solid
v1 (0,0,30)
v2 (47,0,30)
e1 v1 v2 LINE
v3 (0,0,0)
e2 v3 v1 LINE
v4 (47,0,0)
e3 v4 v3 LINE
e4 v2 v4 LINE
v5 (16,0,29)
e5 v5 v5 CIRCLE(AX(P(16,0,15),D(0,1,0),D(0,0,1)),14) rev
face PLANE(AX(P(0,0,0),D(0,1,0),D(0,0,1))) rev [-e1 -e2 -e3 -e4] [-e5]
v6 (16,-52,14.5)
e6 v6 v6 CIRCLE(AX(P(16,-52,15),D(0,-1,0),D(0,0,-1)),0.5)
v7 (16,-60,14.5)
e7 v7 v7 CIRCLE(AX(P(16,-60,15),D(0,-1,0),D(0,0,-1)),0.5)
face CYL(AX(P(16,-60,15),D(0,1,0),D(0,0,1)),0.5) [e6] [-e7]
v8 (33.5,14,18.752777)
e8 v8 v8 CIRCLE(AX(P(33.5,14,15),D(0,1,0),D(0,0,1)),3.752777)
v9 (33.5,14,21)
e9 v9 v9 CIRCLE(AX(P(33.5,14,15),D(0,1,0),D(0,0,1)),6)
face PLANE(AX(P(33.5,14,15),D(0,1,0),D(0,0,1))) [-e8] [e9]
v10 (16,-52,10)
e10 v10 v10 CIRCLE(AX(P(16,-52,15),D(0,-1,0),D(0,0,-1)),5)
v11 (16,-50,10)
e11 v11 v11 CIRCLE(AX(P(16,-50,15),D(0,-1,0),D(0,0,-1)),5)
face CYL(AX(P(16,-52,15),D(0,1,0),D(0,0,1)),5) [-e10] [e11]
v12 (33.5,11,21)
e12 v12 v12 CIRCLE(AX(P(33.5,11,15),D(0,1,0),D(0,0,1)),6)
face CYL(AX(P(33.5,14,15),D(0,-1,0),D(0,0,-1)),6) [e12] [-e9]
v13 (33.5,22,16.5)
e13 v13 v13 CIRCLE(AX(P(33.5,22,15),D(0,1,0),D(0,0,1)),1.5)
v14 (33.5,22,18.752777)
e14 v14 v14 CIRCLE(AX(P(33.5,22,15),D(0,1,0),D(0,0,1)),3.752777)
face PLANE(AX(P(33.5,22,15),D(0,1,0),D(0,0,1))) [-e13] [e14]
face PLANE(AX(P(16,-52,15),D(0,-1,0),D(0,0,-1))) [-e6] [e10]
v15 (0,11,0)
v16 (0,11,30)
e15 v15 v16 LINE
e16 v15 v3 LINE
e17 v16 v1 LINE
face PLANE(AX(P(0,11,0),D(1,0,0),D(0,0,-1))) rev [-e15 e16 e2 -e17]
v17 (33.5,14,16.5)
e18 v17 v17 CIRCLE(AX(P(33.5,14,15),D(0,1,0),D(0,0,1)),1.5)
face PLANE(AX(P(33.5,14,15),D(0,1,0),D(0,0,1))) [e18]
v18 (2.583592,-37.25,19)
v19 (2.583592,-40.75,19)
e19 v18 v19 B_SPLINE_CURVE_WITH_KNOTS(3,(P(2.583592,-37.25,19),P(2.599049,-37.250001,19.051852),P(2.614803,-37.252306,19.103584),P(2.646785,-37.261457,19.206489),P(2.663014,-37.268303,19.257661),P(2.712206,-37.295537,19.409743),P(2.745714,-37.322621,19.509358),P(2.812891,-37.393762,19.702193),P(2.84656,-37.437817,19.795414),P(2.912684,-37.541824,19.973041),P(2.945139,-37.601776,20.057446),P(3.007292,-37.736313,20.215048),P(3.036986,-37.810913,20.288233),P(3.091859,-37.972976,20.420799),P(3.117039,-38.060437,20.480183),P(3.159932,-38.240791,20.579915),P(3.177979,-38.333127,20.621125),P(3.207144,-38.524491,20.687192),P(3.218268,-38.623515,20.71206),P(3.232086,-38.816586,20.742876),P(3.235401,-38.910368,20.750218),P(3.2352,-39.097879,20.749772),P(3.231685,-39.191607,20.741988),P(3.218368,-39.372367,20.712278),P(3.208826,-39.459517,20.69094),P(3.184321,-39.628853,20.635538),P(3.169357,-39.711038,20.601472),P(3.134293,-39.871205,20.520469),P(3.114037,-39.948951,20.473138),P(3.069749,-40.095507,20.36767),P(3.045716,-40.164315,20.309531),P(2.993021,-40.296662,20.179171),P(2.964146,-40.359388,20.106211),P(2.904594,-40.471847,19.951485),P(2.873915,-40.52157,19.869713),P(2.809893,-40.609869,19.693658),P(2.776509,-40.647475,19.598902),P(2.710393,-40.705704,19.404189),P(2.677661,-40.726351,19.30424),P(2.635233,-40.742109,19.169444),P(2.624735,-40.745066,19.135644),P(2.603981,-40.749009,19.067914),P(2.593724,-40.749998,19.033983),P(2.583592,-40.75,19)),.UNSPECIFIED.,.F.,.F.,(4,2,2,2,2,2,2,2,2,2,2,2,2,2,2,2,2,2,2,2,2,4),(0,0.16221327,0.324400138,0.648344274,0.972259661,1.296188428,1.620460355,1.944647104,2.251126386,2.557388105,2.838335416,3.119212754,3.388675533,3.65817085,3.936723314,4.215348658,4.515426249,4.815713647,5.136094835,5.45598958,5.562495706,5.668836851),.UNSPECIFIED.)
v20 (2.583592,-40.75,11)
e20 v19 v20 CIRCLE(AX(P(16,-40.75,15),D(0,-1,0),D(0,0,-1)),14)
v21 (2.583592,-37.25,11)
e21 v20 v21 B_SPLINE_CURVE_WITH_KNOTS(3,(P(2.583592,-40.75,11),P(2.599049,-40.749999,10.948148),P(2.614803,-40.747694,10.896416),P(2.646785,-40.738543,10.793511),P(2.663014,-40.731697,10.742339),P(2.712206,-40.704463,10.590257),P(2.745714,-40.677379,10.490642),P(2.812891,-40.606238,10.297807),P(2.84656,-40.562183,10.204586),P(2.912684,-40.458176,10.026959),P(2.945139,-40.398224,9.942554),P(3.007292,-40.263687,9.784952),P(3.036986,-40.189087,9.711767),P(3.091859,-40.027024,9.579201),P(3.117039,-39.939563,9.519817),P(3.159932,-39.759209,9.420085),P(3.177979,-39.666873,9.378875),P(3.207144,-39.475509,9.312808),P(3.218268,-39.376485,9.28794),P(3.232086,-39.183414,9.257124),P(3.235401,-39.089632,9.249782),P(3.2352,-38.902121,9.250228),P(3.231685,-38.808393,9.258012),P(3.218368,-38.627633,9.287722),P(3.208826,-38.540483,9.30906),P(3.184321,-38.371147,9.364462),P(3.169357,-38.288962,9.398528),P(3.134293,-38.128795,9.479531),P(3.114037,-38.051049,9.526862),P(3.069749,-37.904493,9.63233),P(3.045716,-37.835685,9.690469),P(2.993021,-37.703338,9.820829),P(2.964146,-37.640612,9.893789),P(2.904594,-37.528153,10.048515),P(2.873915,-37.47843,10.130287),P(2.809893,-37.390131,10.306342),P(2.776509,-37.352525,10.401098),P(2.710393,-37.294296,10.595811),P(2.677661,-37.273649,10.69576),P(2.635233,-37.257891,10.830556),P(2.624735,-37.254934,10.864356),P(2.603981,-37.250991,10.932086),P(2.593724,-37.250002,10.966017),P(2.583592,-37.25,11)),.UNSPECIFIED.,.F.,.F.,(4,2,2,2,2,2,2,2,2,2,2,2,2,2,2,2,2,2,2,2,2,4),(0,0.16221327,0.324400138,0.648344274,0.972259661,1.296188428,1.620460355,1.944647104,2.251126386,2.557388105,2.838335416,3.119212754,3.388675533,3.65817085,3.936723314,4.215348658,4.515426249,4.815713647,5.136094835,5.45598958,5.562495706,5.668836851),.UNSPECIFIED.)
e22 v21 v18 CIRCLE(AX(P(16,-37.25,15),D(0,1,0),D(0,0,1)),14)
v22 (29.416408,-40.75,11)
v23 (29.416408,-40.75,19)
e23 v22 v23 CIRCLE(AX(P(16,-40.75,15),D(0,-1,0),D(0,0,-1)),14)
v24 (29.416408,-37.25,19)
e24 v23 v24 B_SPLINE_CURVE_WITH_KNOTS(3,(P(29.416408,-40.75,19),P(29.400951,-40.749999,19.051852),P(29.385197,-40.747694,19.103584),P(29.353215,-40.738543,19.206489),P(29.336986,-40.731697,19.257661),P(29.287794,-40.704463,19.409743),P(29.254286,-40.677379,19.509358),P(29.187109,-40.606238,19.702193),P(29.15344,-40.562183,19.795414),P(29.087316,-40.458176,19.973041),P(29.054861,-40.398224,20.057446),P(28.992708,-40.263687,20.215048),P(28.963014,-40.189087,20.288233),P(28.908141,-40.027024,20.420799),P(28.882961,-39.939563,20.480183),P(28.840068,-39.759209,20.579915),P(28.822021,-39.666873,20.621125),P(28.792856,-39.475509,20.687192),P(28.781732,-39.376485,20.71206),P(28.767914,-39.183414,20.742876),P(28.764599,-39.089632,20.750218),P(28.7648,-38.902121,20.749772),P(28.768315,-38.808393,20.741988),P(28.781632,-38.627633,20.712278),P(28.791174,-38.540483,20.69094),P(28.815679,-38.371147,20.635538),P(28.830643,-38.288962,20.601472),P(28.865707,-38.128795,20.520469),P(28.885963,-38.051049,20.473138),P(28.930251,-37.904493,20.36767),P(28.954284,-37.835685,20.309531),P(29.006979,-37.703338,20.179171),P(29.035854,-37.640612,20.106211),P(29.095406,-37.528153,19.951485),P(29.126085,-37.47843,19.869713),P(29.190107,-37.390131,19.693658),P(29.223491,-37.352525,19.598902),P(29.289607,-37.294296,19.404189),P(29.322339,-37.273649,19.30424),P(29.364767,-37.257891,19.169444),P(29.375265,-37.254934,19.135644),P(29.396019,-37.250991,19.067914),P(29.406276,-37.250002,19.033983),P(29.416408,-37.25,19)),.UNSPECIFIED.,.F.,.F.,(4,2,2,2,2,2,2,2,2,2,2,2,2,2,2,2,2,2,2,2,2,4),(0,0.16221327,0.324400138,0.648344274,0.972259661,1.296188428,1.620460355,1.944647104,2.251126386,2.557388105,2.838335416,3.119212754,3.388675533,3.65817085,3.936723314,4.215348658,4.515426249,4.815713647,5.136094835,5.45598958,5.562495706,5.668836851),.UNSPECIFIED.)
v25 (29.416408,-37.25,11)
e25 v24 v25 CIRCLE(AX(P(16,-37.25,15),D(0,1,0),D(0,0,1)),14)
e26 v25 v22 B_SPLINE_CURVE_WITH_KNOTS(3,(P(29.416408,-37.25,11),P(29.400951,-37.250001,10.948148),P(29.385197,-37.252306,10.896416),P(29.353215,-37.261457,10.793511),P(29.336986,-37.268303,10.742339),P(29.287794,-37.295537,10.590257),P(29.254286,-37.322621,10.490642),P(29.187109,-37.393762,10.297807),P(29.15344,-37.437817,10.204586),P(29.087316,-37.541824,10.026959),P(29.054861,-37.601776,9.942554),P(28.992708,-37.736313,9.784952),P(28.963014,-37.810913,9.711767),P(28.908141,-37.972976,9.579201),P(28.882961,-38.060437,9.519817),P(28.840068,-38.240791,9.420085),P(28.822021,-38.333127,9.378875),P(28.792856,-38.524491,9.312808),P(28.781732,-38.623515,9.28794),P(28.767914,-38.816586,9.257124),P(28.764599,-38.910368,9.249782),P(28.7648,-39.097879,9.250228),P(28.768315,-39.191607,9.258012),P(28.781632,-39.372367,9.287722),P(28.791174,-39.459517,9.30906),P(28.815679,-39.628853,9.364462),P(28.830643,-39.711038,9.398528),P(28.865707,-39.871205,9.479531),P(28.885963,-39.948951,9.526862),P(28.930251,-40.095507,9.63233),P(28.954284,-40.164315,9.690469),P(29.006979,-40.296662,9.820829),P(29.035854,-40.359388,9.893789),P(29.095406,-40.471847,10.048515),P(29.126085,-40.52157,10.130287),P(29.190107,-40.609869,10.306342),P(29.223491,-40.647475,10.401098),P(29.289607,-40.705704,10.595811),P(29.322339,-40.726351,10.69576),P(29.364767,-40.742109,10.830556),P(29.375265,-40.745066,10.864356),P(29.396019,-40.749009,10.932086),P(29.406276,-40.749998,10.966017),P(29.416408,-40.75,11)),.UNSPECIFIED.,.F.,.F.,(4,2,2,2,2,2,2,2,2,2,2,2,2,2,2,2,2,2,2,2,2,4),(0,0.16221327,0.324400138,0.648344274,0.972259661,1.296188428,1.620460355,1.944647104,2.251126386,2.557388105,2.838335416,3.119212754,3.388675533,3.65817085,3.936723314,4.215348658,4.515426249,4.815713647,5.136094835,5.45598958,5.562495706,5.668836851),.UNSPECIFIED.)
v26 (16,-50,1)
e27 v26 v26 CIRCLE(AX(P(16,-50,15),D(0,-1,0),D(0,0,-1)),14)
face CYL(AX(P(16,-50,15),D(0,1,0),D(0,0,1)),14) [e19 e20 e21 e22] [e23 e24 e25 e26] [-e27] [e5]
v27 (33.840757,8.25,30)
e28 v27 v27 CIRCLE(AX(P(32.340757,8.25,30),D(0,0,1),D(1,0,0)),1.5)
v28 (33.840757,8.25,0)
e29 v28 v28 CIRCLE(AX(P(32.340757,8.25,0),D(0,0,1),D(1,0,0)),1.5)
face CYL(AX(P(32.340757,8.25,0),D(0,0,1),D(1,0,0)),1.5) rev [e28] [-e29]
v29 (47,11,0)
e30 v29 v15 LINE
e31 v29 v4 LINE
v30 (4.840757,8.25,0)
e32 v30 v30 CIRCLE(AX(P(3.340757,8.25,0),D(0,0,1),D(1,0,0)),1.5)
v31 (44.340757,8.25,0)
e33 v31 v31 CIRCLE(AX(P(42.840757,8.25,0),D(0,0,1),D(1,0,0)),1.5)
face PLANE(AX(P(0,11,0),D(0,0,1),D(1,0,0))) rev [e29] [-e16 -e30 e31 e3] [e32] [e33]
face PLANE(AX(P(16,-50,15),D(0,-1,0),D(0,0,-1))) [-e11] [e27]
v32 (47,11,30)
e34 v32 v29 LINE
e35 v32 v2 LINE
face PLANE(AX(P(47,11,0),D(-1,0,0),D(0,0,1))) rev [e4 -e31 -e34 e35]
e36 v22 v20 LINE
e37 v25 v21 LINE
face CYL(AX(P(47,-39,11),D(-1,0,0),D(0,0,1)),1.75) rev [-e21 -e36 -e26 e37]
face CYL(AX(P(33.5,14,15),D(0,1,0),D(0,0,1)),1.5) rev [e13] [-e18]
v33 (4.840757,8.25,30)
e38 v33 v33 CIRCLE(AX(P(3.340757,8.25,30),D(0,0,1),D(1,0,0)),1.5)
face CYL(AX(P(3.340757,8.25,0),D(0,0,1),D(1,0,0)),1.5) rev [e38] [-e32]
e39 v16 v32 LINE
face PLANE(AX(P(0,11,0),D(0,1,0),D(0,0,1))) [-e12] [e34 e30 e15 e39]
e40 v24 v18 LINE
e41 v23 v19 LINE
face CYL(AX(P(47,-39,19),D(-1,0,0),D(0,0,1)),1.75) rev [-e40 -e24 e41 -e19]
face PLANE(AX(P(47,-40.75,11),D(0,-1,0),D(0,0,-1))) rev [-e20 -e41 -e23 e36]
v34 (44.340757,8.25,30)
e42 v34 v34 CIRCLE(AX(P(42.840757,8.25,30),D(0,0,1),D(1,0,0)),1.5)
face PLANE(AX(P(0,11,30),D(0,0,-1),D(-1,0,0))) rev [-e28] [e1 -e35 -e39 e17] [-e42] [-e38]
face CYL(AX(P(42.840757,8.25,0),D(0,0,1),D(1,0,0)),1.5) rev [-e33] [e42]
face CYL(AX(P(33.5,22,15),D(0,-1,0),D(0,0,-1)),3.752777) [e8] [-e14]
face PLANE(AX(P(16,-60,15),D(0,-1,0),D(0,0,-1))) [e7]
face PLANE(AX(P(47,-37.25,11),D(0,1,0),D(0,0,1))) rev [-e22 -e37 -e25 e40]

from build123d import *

# Parameters (mm, degrees)
SKETCH_1_W          = 47
SKETCH_1_H          = 30
EXTRUDE_1_DEPTH     = 11
SKETCH_2_R          = 6
EXTRUDE_2_DEPTH     = 3
SKETCH_3_R          = 3.75277675
EXTRUDE_3_DEPTH     = 8
SKETCH_4_R          = 14
EXTRUDE_4_DEPTH     = 50
SKETCH_5_R          = 5
EXTRUDE_5_DEPTH     = 2
SKETCH_6_R          = 1.5
CUT_EXTRUDE_1_DEPTH = 31
CUT_EXTRUDE_2_DEPTH = 48
SKETCH_9_R          = 1.5
CUT_EXTRUDE_3_DEPTH = 8
SKETCH_11_R         = 0.5
EXTRUDE_6_DEPTH     = 8


with BuildPart() as part:
    # 草图1 → 凸台-拉伸1 (new body)
    with BuildSketch(Plane(origin=(0, 0, 0), x_dir=(1, 0, 0), z_dir=(0, 1, 0))):
        with Locations((23.5, -15)):
            Rectangle(SKETCH_1_W, SKETCH_1_H)
    extrude(amount=EXTRUDE_1_DEPTH)

    # 草图2 → 凸台-拉伸2 (add)
    with BuildSketch(Plane(origin=(0, 11, 0), x_dir=(1, 0, 0), z_dir=(0, 1, 0))):
        with Locations((33.5, -15)):
            Circle(SKETCH_2_R)
    extrude(amount=EXTRUDE_2_DEPTH)

    # 草图3 → 凸台-拉伸3 (add)
    with BuildSketch(Plane(origin=(0, 14, 0), x_dir=(1, 0, 0), z_dir=(0, 1, 0))):
        with Locations((33.5, -15)):
            Circle(SKETCH_3_R)
    extrude(amount=EXTRUDE_3_DEPTH)

    # 草图4 → 凸台-拉伸4 (add)
    with BuildSketch(Plane.XZ):
        with Locations((16, 15)):
            Circle(SKETCH_4_R)
    extrude(amount=EXTRUDE_4_DEPTH)

    # 草图5 → 凸台-拉伸5 (add)
    with BuildSketch(Plane.XZ.offset(50)):
        with Locations((16, 15)):
            Circle(SKETCH_5_R)
    extrude(amount=EXTRUDE_5_DEPTH)

    # 草图6 → 切除-拉伸1 (cut, through all)
    with BuildSketch(Plane.XY.offset(30)):
        with Locations((3.340757383, 8.25)):
            Circle(SKETCH_6_R)
        with Locations((32.340757383, 8.25)):
            Circle(SKETCH_6_R)
        with Locations((42.840757383, 8.25)):
            Circle(SKETCH_6_R)
    extrude(amount=-CUT_EXTRUDE_1_DEPTH, mode=Mode.SUBTRACT)

    # 草图7 → 切除-拉伸2 (cut, through all)
    with BuildSketch(Plane.ZY):
        with BuildLine():
            Line((11, -37.25), (19, -37.25))
            ThreePointArc((19, -37.25), (20.75, -39), (19, -40.75))
            Line((19, -40.75), (11, -40.75))
            ThreePointArc((11, -40.75), (9.25, -39), (11, -37.25))
        make_face()
    extrude(amount=-CUT_EXTRUDE_2_DEPTH, mode=Mode.SUBTRACT)

    # 草图9 → 切除-拉伸3 (cut)
    with BuildSketch(Plane(origin=(0, 22, 0), x_dir=(1, 0, 0), z_dir=(0, 1, 0))):
        with Locations((33.5, -15)):
            Circle(SKETCH_9_R)
    extrude(amount=-CUT_EXTRUDE_3_DEPTH, mode=Mode.SUBTRACT)

    # 草图11 → 凸台-拉伸6 (add)
    with BuildSketch(Plane.XZ.offset(52)):
        with Locations((16, 15)):
            Circle(SKETCH_11_R)
    extrude(amount=EXTRUDE_6_DEPTH)


solid = part.part
